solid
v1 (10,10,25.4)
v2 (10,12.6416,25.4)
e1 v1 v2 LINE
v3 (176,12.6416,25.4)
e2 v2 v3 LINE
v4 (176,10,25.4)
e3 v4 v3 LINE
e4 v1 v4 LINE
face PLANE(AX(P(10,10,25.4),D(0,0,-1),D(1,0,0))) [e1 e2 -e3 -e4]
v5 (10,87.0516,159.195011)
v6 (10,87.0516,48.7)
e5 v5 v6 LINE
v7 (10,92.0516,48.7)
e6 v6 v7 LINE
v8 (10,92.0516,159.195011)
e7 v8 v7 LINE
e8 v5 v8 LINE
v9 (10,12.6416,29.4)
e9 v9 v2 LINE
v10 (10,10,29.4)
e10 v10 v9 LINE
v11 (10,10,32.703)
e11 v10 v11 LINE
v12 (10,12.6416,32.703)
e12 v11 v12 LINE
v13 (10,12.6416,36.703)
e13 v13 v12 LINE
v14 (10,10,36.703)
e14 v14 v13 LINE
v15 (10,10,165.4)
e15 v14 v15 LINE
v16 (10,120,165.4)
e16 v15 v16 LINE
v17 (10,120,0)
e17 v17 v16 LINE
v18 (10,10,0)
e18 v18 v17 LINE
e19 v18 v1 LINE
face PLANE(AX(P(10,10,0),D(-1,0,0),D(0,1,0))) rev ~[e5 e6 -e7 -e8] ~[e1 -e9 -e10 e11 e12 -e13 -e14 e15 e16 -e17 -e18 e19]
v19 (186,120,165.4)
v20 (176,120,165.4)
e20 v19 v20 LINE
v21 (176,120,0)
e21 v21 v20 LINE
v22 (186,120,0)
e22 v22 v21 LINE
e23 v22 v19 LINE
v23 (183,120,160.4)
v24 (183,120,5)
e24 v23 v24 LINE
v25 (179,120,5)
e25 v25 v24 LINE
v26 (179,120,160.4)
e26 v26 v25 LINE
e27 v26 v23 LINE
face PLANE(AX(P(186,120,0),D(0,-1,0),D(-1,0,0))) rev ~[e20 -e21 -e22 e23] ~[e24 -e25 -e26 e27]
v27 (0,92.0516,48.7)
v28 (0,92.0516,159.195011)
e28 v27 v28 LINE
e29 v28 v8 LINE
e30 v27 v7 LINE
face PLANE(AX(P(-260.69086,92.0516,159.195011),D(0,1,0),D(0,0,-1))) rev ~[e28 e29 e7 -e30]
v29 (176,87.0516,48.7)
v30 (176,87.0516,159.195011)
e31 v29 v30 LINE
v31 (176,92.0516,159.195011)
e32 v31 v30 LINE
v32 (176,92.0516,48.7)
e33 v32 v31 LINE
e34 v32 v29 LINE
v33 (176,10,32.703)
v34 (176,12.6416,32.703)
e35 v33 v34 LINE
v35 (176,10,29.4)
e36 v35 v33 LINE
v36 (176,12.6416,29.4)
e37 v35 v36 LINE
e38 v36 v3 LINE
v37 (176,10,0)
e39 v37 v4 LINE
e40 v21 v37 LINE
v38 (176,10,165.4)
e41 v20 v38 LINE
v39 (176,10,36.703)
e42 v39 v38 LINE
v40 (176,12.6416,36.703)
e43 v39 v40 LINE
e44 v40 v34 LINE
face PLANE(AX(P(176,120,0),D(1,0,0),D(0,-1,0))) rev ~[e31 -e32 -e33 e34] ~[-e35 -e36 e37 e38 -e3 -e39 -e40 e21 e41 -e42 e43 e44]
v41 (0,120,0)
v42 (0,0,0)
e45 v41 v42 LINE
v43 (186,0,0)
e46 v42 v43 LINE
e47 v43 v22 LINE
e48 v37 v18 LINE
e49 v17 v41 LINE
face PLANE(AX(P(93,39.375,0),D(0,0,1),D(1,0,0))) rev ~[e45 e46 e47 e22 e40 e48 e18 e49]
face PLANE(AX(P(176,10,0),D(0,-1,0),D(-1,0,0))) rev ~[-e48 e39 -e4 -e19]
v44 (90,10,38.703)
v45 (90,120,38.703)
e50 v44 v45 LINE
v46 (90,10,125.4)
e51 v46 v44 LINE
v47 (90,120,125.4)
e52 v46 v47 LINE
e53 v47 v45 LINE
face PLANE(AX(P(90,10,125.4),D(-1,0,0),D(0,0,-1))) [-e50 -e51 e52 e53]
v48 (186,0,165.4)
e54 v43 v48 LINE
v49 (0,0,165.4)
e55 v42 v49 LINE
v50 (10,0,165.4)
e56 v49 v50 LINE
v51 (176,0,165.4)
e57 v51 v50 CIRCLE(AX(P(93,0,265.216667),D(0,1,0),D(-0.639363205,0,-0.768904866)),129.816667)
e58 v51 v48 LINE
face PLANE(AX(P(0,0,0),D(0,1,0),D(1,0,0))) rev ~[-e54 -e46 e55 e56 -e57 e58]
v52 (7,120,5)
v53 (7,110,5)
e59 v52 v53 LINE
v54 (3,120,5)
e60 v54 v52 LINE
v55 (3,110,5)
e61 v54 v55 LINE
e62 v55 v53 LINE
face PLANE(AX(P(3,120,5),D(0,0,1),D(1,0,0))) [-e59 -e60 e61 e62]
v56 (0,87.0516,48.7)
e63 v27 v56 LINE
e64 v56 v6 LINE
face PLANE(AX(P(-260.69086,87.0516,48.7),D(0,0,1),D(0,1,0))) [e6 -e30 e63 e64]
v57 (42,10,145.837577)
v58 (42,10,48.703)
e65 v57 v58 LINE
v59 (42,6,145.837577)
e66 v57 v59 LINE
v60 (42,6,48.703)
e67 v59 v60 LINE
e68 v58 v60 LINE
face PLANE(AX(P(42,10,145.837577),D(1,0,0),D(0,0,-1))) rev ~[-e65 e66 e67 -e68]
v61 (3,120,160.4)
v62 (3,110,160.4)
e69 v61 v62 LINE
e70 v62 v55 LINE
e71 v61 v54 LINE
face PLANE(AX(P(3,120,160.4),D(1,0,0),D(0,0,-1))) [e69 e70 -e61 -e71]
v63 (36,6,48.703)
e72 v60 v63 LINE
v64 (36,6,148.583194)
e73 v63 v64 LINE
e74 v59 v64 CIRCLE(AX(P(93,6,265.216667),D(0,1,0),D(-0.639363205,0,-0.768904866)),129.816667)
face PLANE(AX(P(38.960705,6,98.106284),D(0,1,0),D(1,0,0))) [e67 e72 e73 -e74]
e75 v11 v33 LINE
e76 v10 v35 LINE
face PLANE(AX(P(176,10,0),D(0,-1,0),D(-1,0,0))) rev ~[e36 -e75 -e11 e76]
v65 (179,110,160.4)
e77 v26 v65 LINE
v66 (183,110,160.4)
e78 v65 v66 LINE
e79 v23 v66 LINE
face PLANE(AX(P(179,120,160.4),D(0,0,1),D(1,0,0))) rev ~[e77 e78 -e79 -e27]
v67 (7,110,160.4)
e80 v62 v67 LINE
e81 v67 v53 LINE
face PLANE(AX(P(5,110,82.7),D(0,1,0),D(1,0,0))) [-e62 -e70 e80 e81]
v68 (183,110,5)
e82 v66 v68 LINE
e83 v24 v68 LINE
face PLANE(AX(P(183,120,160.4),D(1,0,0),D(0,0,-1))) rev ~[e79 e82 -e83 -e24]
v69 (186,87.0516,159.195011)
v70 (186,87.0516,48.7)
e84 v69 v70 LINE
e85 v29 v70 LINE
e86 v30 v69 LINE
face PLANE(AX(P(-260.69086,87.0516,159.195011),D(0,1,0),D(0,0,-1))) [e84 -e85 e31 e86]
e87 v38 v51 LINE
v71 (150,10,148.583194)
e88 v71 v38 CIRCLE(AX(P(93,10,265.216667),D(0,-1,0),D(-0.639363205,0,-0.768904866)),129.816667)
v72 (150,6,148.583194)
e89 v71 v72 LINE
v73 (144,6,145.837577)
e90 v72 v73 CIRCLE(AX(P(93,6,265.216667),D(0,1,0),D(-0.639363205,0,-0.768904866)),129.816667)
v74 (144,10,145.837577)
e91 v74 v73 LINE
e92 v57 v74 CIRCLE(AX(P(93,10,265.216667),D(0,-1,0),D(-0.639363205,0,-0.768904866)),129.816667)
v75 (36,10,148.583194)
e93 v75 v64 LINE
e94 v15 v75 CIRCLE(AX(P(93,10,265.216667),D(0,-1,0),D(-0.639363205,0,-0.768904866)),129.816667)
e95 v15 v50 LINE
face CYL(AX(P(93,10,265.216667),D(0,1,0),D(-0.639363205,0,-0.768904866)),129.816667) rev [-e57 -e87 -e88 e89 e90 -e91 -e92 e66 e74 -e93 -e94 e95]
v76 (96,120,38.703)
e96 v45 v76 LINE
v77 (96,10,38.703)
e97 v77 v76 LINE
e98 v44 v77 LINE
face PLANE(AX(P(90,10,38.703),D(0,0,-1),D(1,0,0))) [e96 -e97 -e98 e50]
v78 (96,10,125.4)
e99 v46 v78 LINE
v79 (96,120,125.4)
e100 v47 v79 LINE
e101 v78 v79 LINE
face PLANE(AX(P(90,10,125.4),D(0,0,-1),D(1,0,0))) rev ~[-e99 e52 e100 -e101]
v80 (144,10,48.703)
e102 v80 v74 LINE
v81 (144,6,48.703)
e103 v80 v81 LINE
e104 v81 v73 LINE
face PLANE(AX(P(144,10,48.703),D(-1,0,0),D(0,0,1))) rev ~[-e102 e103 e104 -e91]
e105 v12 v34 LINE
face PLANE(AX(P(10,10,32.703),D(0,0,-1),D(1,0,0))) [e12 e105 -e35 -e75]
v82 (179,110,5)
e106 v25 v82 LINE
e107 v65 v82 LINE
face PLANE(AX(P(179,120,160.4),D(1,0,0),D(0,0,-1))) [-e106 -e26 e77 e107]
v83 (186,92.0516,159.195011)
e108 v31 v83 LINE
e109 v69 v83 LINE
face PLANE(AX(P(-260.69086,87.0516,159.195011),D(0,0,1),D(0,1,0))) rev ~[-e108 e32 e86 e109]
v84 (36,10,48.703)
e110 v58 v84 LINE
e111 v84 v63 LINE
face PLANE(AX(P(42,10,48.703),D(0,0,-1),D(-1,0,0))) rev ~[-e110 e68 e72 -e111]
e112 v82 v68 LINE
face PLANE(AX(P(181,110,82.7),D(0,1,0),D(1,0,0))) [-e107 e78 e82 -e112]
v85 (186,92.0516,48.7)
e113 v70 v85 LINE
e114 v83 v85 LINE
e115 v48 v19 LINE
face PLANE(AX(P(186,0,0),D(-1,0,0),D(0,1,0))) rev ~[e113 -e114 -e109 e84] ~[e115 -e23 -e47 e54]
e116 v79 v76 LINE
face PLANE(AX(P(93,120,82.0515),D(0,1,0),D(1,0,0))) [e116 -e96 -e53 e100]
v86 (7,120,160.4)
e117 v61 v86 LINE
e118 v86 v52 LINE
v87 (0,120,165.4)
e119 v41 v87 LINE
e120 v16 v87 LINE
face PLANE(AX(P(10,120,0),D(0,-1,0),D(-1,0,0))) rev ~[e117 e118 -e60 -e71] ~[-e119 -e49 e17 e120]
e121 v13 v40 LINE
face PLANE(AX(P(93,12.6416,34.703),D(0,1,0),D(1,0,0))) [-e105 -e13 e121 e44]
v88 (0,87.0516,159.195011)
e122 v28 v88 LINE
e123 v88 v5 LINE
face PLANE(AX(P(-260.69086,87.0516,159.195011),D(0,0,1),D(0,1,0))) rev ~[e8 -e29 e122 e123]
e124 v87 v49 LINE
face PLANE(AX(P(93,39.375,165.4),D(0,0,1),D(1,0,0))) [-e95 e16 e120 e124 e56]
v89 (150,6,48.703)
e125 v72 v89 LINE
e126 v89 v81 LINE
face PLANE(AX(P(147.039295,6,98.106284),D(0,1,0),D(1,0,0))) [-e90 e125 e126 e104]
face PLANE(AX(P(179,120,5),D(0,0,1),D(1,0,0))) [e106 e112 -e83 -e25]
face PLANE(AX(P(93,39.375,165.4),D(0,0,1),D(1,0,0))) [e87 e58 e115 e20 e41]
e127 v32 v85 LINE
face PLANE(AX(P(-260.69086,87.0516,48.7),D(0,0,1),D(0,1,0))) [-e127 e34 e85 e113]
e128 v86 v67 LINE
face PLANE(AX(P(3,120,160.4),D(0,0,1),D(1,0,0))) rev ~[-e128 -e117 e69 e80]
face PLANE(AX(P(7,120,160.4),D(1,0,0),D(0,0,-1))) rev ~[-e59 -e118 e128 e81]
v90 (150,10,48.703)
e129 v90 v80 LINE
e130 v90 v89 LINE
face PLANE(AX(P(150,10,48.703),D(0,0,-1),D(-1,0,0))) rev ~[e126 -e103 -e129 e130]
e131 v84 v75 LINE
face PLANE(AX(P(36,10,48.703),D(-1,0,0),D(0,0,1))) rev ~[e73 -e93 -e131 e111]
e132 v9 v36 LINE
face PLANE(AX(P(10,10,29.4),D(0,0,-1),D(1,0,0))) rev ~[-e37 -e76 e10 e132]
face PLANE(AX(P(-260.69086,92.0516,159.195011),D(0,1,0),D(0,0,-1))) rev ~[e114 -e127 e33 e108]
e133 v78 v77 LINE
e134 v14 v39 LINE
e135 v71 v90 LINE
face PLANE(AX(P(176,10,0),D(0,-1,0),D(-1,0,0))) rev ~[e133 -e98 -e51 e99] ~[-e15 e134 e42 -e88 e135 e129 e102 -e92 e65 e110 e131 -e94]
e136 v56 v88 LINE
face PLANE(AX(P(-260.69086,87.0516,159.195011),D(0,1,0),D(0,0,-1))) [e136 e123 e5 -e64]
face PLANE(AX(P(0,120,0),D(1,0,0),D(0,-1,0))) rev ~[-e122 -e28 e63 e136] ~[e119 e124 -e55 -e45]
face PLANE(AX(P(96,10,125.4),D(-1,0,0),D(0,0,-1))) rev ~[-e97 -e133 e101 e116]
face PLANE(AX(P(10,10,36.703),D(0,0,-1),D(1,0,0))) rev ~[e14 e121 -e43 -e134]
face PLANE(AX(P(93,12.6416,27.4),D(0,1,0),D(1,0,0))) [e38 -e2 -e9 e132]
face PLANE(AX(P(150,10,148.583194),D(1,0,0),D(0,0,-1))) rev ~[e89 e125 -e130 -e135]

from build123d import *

# Parameters (mm, degrees)
EXTRUDE_THIN2_DEPTH     = 165.4
SKETCH11_W              = 166
SKETCH11_H              = 4
BOSS_EXTRUDE3_DEPTH     = 2.6416
CUT_EXTRUDE6_DEPTH      = 270.69086006
CUT_EXTRUDE6_DEPTH_BACK = 270.69086006
SKETCH13_W              = 110.495011338
SKETCH13_H              = 5
CUT_EXTRUDE7_DEPTH      = 273.127102656
SKETCH19_W              = 4
SKETCH19_H              = 155.4
CUT_EXTRUDE9_DEPTH      = 10
SKETCH20_W              = 4
SKETCH20_H              = 155.4
CUT_EXTRUDE10_DEPTH     = 10
SKETCH21_W              = 6
SKETCH21_H              = 86.697
BOSS_EXTRUDE4_DEPTH     = 110
CUT_EXTRUDE11_DEPTH     = 4
SKETCH23_W              = 166
SKETCH23_H              = 4
BOSS_EXTRUDE5_DEPTH     = 2.6416


with BuildPart() as part:
    # Sketch2 → Extrude-Thin2 (new body)
    with BuildSketch(Plane.XY):
        Polygon((0, 120), (0, 0), (186, 0), (186, 120), (176, 120), (176, 10), (10, 10), (10, 120), align=None)
    extrude(amount=EXTRUDE_THIN2_DEPTH)

    # Sketch11 → Boss-Extrude3 (add)
    with BuildSketch(Plane(origin=(0, 10, 0), x_dir=(1, 0, 0), z_dir=(0, 1, 0))):
        with Locations((93, -34.703)):
            Rectangle(SKETCH11_W, SKETCH11_H)
    extrude(amount=BOSS_EXTRUDE3_DEPTH)

    # Sketch13 → Cut-Extrude6 (cut, two sides: drawn at the far end of the back side and taken through both)
    with BuildSketch(Plane(origin=(10, 0, 0), x_dir=(0, 0, -1), z_dir=(1, 0, 0)).offset(-CUT_EXTRUDE6_DEPTH_BACK)):
        with Locations((-103.947505669, 89.551599899)):
            Rectangle(SKETCH13_W, SKETCH13_H)
    extrude(amount=CUT_EXTRUDE6_DEPTH + CUT_EXTRUDE6_DEPTH_BACK, mode=Mode.SUBTRACT)

    # Sketch14 → Cut-Extrude7 (cut, through all)
    with BuildSketch(Plane(origin=(0, 10, 0), x_dir=(1, 0, 0), z_dir=(0, 1, 0))):
        with BuildLine():
            Line((176, -165.4), (10, -165.4))
            ThreePointArc((10, -165.4), (93, -135.4), (176, -165.4))
        make_face()
    extrude(amount=-CUT_EXTRUDE7_DEPTH, mode=Mode.SUBTRACT)

    # Sketch19 → Cut-Extrude9 (cut)
    with BuildSketch(Plane(origin=(0, 120, 0), x_dir=(1, 0, 0), z_dir=(0, 1, 0))):
        with Locations((5, -82.7)):
            Rectangle(SKETCH19_W, SKETCH19_H)
    extrude(amount=-CUT_EXTRUDE9_DEPTH, mode=Mode.SUBTRACT)

    # Sketch20 → Cut-Extrude10 (cut)
    with BuildSketch(Plane(origin=(0, 120, 0), x_dir=(1, 0, 0), z_dir=(0, 1, 0))):
        with Locations((181, -82.7)):
            Rectangle(SKETCH20_W, SKETCH20_H)
    extrude(amount=-CUT_EXTRUDE10_DEPTH, mode=Mode.SUBTRACT)

    # Sketch21 → Boss-Extrude4 (add, through all)
    with BuildSketch(Plane(origin=(0, 10, 0), x_dir=(1, 0, 0), z_dir=(0, 1, 0))):
        with Locations((93, -82.0515)):
            Rectangle(SKETCH21_W, SKETCH21_H)
    extrude(amount=BOSS_EXTRUDE4_DEPTH)

    # Sketch22 → Cut-Extrude11 (cut)
    with BuildSketch(Plane(origin=(0, 10, 0), x_dir=(1, 0, 0), z_dir=(0, 1, 0))):
        Polygon((36, -48.703), (36, -148.583194008), (42, -145.837577441), (42, -48.703), align=None)
        Polygon((144, -145.837577441), (150, -148.583194008), (150, -48.703), (144, -48.703), align=None)
    extrude(amount=-CUT_EXTRUDE11_DEPTH, mode=Mode.SUBTRACT)

    # Sketch23 → Boss-Extrude5 (add)
    with BuildSketch(Plane(origin=(0, 10, 0), x_dir=(1, 0, 0), z_dir=(0, 1, 0))):
        with Locations((93, -27.4)):
            Rectangle(SKETCH23_W, SKETCH23_H)
    extrude(amount=BOSS_EXTRUDE5_DEPTH)


solid = part.part
